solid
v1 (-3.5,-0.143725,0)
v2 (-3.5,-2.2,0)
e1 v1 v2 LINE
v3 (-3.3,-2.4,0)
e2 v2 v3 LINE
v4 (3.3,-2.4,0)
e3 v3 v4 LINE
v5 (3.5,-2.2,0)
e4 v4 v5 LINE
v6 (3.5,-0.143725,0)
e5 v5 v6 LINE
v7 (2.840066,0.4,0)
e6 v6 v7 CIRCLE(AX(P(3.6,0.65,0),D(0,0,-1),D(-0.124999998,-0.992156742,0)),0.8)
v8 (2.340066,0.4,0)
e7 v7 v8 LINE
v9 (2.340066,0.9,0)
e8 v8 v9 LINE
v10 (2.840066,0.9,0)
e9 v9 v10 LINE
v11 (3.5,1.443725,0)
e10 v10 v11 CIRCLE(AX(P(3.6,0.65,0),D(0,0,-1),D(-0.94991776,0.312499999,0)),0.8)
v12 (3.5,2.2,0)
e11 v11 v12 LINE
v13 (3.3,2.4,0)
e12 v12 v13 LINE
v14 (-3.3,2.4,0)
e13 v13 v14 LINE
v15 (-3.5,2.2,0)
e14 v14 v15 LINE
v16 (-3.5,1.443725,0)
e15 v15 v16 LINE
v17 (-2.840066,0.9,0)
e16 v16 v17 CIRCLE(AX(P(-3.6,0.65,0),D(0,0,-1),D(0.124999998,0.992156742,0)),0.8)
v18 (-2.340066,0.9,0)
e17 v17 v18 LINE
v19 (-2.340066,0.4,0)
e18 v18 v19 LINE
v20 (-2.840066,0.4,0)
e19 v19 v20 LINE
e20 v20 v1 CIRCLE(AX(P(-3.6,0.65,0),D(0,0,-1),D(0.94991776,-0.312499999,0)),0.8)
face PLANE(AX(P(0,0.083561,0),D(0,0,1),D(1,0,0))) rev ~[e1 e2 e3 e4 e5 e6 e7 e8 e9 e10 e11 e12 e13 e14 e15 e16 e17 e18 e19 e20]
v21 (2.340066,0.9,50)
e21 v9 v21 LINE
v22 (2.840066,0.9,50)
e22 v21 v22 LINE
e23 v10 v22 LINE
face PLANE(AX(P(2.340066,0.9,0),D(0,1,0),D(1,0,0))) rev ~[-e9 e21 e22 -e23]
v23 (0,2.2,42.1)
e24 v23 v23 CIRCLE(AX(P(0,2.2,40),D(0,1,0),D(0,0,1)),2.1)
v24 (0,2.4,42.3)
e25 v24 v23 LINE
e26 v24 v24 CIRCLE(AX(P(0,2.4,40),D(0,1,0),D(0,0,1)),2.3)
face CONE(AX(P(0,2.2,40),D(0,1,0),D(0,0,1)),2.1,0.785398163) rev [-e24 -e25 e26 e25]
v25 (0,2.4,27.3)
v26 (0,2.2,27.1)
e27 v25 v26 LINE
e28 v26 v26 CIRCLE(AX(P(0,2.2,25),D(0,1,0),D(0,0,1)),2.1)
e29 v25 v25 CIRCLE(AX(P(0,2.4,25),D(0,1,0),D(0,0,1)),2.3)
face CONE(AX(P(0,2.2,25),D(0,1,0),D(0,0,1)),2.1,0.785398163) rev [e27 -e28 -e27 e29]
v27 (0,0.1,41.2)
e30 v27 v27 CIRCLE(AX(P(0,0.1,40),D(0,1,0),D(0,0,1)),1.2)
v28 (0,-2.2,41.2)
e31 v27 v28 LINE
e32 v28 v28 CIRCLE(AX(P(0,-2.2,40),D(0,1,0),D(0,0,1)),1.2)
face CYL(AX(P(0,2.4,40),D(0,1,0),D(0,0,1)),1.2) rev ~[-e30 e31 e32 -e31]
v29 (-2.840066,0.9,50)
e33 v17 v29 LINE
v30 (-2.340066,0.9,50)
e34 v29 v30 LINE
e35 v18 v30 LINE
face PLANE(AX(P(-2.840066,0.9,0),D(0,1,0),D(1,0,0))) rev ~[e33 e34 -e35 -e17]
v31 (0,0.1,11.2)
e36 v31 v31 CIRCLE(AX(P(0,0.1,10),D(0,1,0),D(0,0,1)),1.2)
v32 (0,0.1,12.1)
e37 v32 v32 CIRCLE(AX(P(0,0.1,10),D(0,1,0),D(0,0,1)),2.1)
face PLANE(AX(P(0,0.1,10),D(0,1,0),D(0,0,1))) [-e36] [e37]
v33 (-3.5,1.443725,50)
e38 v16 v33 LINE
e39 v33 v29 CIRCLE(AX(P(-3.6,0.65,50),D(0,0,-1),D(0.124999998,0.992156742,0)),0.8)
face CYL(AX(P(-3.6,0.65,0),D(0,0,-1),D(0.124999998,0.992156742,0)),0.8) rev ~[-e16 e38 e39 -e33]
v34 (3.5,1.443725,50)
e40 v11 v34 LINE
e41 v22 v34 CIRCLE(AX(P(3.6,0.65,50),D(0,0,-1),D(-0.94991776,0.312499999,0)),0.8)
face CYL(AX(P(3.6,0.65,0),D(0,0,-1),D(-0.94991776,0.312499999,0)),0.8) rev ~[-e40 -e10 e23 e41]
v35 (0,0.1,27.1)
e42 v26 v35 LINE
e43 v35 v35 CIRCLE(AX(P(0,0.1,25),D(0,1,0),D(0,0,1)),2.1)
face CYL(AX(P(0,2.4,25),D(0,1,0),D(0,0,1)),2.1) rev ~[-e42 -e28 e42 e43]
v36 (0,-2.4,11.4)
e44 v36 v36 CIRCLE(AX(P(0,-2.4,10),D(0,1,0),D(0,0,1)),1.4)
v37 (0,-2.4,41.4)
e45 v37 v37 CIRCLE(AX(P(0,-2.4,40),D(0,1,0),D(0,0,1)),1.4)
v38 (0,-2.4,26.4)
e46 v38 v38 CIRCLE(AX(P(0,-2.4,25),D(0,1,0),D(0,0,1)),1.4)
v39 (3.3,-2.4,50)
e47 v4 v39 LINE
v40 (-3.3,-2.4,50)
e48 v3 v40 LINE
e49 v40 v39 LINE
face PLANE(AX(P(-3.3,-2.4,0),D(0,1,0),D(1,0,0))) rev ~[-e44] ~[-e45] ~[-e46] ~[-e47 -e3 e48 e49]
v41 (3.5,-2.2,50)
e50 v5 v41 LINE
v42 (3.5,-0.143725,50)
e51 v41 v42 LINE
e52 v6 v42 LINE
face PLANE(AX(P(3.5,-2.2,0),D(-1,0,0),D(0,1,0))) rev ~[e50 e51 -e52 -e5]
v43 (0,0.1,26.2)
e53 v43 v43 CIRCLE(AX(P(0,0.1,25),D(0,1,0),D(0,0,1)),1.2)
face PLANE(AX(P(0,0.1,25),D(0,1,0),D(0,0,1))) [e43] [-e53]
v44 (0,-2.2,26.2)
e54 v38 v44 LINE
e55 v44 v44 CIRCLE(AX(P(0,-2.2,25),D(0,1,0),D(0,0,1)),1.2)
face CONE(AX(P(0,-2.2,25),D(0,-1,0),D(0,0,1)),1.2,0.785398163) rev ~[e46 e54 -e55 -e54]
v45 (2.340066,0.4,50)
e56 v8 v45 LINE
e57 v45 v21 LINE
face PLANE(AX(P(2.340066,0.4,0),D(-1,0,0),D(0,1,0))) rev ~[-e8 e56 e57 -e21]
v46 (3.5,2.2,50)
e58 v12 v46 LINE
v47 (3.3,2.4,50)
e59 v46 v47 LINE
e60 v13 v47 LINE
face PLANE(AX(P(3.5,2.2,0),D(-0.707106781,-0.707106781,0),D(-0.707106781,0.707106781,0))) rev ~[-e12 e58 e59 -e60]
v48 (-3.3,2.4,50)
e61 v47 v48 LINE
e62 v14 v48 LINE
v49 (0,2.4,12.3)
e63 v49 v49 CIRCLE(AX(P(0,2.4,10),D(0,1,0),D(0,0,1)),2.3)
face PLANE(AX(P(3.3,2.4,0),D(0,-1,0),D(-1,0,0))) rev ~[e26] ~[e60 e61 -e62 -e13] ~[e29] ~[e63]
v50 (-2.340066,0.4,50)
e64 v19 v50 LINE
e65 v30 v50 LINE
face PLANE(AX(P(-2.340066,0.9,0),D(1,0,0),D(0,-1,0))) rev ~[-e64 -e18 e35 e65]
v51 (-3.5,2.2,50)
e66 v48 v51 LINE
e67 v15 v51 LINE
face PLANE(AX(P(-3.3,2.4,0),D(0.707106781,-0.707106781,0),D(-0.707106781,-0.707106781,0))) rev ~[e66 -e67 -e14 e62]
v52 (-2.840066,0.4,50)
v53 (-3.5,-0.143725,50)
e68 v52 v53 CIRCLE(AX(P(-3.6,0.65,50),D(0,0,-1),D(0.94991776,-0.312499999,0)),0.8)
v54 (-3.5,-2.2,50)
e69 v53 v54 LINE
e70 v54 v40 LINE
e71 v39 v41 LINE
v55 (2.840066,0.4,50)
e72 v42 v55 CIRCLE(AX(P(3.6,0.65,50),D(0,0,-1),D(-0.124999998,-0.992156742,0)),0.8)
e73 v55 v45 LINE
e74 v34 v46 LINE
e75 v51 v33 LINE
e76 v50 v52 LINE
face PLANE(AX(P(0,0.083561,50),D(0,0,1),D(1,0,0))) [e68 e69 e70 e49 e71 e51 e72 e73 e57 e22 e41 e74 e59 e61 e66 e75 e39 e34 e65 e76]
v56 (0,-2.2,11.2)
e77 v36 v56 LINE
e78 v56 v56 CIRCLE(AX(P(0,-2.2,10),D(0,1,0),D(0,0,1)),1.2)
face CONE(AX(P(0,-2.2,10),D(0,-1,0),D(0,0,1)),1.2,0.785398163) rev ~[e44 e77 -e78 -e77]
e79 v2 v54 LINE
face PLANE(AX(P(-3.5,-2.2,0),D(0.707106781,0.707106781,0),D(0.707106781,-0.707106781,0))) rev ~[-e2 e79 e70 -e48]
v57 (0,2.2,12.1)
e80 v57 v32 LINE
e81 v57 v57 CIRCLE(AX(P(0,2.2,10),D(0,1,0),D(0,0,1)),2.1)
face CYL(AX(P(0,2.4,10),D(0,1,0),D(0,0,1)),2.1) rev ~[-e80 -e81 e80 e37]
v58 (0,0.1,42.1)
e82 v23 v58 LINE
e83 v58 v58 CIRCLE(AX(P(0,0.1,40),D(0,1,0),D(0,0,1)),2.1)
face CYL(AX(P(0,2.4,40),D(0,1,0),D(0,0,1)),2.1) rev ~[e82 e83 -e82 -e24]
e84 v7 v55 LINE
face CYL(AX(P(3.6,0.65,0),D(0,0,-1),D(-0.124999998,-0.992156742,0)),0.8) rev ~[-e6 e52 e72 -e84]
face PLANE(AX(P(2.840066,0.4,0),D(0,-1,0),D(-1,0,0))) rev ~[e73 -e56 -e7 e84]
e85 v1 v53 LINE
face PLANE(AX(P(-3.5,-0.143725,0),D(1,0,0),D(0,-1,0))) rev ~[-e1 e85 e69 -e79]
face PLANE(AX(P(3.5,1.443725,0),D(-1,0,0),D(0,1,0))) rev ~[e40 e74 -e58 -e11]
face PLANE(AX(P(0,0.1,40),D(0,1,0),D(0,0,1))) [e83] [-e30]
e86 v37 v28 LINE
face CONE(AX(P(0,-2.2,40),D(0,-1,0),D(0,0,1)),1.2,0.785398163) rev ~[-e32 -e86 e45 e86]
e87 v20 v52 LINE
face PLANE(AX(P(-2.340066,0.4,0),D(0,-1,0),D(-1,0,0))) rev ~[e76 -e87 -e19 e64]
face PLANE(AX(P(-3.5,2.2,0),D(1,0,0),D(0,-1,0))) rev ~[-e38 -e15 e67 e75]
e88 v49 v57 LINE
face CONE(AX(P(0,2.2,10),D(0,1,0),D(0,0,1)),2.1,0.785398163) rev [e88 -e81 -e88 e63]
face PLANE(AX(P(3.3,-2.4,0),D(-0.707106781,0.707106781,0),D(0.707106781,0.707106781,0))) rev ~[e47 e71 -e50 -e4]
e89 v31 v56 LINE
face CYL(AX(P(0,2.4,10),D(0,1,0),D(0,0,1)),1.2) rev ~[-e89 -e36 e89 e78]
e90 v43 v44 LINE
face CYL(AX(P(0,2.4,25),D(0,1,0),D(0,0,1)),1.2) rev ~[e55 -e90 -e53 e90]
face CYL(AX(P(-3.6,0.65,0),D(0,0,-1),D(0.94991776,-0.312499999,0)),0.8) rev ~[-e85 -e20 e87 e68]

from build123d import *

# Parameters (mm, degrees)
EXTRUDE1_DEPTH             = 50
EXTRUDE2_REACH             = 52.352
SKETCH2_R                  = 1.2
SKETCH_R                   = 2.1
SKETCH_R_2                 = 1.2
EXTRUDE4_DEPTH             = 2.3
CHAMFER1_SIZE              = 0.2
LPATTERN1_COUNT            = 3
LPATTERN1_PITCH            = 15
CHAMFER1_OF_LPATTERN1_SIZE = 0.2


with BuildPart() as part:
    # Sketch1 → Extrude1 (new body)
    with BuildSketch(Plane.XY):
        with BuildLine():
            Line((-3.3, -2.4), (3.3, -2.4))
            Line((3.3, -2.4), (3.5, -2.2))
            Line((3.5, -2.2), (3.5, -0.143725393))
            ThreePointArc((3.5, -0.143725393), (3.091294745, 0.032570681), (2.840065792, 0.4))
            Line((2.840065792, 0.4), (2.340065792, 0.4))
            Line((2.340065792, 0.4), (2.340065792, 0.9))
            Line((2.340065792, 0.9), (2.840065792, 0.9))
            ThreePointArc((2.840065792, 0.9), (3.091294745, 1.267429319), (3.5, 1.443725393))
            Line((3.5, 1.443725393), (3.5, 2.2))
            Line((3.5, 2.2), (3.3, 2.4))
            Line((3.3, 2.4), (-3.3, 2.4))
            Line((-3.3, 2.4), (-3.5, 2.2))
            Line((-3.5, 2.2), (-3.5, 1.443725393))
            ThreePointArc((-3.5, 1.443725393), (-3.091294745, 1.267429319), (-2.840065792, 0.9))
            Line((-2.840065792, 0.9), (-2.340065792, 0.9))
            Line((-2.340065792, 0.9), (-2.340065792, 0.4))
            Line((-2.340065792, 0.4), (-2.840065792, 0.4))
            ThreePointArc((-2.840065792, 0.4), (-3.091294745, 0.032570681), (-3.5, -0.143725393))
            Line((-3.5, -0.143725393), (-3.5, -2.2))
            Line((-3.5, -2.2), (-3.3, -2.4))
        make_face()
    extrude(amount=EXTRUDE1_DEPTH)

    # Sketch2 → Extrude2 (cut, up to next)
    with BuildSketch(Plane(origin=(0, 2.4, 0), x_dir=(1, 0, 0), z_dir=(0, 1, 0)), mode=Mode.PRIVATE) as extrude2_sk1:
        with Locations((0, -10)):
            Circle(SKETCH2_R)
    extrude2_tool1 = extrude(extrude2_sk1.sketch, amount=-EXTRUDE2_REACH, mode=Mode.PRIVATE) & part.part
    extrude2 = extrude2_tool1.solids().sort_by_distance((0, 2.4, 10))[0]
    add(extrude2, mode=Mode.SUBTRACT)

    # Sketch → Extrude4 (cut)
    with BuildSketch(Plane(origin=(0, 2.4, 0), x_dir=(1, 0, 0), z_dir=(0, 1, 0))):
        with Locations((0, -10)):
            Circle(SKETCH_R)
        with Locations((0, -10)):
            Circle(SKETCH_R_2, mode=Mode.SUBTRACT)
    extrude4 = extrude(amount=-EXTRUDE4_DEPTH, mode=Mode.SUBTRACT)

    # Chamfer1
    chamfer1_edges = [part.edges().sort_by_distance(p)[0] for p in [
        (-1.2, -2.4, 10),
        (-2.1, 2.4, 10),
    ]]
    chamfer(chamfer1_edges, length=CHAMFER1_SIZE)

    # LPattern1: Extrude2, Extrude4 ×3
    with Locations(*[(0, 0, i * LPATTERN1_PITCH) for i in range(1, LPATTERN1_COUNT)]):
        add(extrude2, mode=Mode.SUBTRACT)
        add(extrude4, mode=Mode.SUBTRACT)

    # Chamfer1 of LPattern1
    chamfer1_of_lpattern1_edges = [part.edges().sort_by_distance(p)[0] for p in [
        (-1.2, -2.4, 25),
        (-2.1, 2.4, 25),
        (-1.2, -2.4, 40),
        (-2.1, 2.4, 40),
    ]]
    chamfer(chamfer1_of_lpattern1_edges, length=CHAMFER1_OF_LPATTERN1_SIZE)


solid = part.part
